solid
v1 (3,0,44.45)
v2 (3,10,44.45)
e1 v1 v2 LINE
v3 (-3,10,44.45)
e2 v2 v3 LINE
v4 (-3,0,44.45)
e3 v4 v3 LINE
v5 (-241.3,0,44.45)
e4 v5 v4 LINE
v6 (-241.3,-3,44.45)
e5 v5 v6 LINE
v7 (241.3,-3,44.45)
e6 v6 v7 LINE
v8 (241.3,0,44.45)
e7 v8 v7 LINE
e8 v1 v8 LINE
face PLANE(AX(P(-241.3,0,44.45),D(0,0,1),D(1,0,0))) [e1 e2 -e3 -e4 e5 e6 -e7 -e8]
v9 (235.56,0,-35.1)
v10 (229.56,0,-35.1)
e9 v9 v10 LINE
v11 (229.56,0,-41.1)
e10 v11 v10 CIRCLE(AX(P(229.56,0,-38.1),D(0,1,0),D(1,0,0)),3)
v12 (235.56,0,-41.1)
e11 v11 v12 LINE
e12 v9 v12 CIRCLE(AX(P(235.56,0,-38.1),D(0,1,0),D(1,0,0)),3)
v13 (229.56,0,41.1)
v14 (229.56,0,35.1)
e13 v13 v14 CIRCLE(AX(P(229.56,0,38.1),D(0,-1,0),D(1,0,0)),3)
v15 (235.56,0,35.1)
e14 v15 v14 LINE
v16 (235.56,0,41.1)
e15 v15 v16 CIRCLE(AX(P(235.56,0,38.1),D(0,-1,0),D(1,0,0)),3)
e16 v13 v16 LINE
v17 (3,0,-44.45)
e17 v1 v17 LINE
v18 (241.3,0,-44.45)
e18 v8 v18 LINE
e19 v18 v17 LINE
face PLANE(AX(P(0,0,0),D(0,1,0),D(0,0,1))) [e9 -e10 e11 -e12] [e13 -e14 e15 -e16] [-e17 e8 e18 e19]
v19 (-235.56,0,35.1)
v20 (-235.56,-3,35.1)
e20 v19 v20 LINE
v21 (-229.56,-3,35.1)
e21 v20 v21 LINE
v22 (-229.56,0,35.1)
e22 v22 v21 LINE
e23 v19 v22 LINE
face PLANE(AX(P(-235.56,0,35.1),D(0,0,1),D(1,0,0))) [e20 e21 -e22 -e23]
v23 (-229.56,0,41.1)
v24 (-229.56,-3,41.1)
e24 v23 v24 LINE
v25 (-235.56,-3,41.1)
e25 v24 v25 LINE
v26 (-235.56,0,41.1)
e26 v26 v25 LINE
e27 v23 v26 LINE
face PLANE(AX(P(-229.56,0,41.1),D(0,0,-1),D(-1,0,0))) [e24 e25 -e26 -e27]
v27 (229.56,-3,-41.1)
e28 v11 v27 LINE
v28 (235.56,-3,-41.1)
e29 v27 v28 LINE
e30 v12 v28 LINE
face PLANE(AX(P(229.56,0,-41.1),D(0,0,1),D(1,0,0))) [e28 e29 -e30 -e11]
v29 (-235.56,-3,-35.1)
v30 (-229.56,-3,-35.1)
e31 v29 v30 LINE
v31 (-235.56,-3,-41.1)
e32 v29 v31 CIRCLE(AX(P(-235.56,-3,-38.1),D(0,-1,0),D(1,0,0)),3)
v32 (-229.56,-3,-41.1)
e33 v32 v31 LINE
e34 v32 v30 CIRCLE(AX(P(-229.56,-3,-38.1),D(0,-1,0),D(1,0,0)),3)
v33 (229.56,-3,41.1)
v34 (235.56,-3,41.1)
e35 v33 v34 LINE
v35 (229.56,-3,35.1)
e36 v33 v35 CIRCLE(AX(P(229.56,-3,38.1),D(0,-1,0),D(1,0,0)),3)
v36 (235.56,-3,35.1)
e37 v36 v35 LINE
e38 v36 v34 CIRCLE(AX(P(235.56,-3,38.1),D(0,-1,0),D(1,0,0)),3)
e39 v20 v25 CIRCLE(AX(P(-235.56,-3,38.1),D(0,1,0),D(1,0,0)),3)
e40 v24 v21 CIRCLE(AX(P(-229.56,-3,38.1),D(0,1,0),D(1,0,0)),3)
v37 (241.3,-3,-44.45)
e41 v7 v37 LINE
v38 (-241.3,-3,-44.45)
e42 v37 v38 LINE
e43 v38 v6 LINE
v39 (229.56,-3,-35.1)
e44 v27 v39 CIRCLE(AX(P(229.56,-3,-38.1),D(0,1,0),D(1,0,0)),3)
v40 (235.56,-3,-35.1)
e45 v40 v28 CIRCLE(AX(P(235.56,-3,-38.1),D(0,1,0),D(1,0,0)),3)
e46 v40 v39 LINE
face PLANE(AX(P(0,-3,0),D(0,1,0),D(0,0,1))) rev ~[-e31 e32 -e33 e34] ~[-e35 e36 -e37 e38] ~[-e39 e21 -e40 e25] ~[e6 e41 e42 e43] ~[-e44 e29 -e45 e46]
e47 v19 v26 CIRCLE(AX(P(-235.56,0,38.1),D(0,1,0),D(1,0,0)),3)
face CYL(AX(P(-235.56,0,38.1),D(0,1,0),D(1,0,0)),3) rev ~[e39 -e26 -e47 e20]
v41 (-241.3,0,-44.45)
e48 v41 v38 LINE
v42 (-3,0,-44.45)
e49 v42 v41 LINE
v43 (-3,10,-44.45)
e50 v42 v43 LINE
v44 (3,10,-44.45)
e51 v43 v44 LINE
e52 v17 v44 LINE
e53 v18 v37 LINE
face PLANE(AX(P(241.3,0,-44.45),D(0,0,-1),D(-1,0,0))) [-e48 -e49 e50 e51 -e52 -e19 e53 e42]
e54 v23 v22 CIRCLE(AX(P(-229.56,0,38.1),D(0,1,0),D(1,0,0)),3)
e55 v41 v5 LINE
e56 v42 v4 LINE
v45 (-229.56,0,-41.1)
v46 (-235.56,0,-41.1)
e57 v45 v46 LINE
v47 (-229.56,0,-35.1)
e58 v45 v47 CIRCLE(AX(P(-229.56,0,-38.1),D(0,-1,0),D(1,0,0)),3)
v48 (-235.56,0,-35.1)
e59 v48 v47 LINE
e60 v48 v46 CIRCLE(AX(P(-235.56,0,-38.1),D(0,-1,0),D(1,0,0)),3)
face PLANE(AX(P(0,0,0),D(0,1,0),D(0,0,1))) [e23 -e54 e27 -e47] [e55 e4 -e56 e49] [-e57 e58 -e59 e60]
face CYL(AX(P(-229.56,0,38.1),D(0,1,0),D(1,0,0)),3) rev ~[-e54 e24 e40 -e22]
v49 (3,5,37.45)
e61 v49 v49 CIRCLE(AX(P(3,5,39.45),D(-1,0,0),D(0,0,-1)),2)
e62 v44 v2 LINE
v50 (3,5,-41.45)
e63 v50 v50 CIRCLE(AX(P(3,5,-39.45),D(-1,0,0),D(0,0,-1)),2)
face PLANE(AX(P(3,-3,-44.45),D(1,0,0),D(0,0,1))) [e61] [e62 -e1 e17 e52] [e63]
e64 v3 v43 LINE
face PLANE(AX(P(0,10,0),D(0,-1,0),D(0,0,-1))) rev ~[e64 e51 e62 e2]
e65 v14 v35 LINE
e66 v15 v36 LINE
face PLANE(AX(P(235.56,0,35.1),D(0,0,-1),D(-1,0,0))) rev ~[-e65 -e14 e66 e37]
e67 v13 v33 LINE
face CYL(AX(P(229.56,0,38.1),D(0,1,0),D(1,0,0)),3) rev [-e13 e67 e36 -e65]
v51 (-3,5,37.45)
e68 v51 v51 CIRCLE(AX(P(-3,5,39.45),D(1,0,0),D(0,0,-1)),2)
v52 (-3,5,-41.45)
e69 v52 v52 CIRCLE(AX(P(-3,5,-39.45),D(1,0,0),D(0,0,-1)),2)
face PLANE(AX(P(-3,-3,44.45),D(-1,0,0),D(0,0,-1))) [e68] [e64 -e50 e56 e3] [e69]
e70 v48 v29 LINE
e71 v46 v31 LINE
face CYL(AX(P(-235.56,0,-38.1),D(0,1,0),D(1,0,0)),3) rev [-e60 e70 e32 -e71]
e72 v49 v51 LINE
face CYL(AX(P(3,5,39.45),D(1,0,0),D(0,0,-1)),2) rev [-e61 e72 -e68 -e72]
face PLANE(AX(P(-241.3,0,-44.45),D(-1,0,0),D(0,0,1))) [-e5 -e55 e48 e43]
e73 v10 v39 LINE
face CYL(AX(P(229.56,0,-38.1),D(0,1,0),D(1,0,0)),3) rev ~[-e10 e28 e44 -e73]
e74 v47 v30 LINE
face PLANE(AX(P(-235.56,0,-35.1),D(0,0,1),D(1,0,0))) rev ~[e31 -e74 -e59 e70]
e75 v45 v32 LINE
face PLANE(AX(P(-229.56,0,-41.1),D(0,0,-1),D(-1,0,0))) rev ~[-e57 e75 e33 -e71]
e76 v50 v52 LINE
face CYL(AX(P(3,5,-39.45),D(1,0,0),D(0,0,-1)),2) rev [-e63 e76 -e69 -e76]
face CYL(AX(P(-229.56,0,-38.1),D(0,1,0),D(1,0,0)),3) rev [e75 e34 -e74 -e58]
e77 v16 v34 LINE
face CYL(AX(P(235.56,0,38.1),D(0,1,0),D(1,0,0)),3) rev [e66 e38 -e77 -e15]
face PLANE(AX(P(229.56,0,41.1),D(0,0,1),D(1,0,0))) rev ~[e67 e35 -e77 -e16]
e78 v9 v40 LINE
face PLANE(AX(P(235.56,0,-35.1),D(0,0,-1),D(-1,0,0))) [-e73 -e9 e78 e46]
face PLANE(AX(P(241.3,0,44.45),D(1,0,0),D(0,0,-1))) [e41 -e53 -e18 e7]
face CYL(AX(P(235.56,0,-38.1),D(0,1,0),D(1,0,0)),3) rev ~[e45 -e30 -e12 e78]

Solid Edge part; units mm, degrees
sketch "Sketch1" plane through (0, 0, 0) normal (0, -1, 0) x (1, 0, 0)
  arc A0 (235.56, 35.1) -> (235.56, 41.1) centre (235.56, 38.1) ccw
  line L0 (229.56, 41.1) -> (235.56, 41.1)
  arc A1 (229.56, 41.1) -> (229.56, 35.1) centre (229.56, 38.1) ccw
  line L1 (235.56, 35.1) -> (229.56, 35.1)
  arc A2 (-235.56, -35.1) -> (-235.56, -41.1) centre (-235.56, -38.1) ccw
  line L2 (-229.56, -41.1) -> (-235.56, -41.1)
  arc A3 (-229.56, -41.1) -> (-229.56, -35.1) centre (-229.56, -38.1) ccw
  line L3 (-235.56, -35.1) -> (-229.56, -35.1)
  line L4 (-241.3, -44.45) -> (-241.3, 44.45)
  line L5 (-241.3, 44.45) -> (241.3, 44.45)
  line L6 (241.3, 44.45) -> (241.3, -44.45)
  line L7 (241.3, -44.45) -> (-241.3, -44.45)
  line L8 (235.56, -35.1) -> (229.56, -35.1)
  arc A4 (229.56, -41.1) -> (229.56, -35.1) centre (229.56, -38.1) cw
  line L9 (229.56, -41.1) -> (235.56, -41.1)
  arc A5 (235.56, -35.1) -> (235.56, -41.1) centre (235.56, -38.1) cw
  line L10 (-235.56, 35.1) -> (-229.56, 35.1)
  arc A6 (-229.56, 41.1) -> (-229.56, 35.1) centre (-229.56, 38.1) cw
  line L11 (-229.56, 41.1) -> (-235.56, 41.1)
  arc A7 (-235.56, 35.1) -> (-235.56, 41.1) centre (-235.56, 38.1) cw
  dimension "D1" = 482.6
  dimension "D2" = 12
  dimension "D3" = 88.9
  dimension "D4" = 6.35
  dimension "D5" = 6
  dimension "D6" = 3
  dimension "D7" = 3
  dimension "D8" = 6
extrude "Protrusion1" add sketch "Sketch1" along normal blind 3
sketch "Sketch2" plane through (0, -3, 0) normal (0, -1, 0) x (1, 0, 0)
  line L0 (0, 44.45) -> (-3, 44.45)
  line L1 (-3, 44.45) -> (-3, -44.45)
  line L2 (-3, -44.45) -> (0, -44.45)
  line L3 (0, -44.45) -> (3, -44.45)
  line L4 (3, -44.45) -> (3, 44.45)
  line L5 (3, 44.45) -> (0, 44.45)
extrude "RackPlateDivider" add sketch "Sketch2" against normal blind 13
hole "Hole1" at (3, 5, 39.45) direction (-1, 0, 0) diameter 4 end up to next
hole "Hole2" at (3, 5, -39.45) direction (-1, 0, 0) diameter 4 end up to next
